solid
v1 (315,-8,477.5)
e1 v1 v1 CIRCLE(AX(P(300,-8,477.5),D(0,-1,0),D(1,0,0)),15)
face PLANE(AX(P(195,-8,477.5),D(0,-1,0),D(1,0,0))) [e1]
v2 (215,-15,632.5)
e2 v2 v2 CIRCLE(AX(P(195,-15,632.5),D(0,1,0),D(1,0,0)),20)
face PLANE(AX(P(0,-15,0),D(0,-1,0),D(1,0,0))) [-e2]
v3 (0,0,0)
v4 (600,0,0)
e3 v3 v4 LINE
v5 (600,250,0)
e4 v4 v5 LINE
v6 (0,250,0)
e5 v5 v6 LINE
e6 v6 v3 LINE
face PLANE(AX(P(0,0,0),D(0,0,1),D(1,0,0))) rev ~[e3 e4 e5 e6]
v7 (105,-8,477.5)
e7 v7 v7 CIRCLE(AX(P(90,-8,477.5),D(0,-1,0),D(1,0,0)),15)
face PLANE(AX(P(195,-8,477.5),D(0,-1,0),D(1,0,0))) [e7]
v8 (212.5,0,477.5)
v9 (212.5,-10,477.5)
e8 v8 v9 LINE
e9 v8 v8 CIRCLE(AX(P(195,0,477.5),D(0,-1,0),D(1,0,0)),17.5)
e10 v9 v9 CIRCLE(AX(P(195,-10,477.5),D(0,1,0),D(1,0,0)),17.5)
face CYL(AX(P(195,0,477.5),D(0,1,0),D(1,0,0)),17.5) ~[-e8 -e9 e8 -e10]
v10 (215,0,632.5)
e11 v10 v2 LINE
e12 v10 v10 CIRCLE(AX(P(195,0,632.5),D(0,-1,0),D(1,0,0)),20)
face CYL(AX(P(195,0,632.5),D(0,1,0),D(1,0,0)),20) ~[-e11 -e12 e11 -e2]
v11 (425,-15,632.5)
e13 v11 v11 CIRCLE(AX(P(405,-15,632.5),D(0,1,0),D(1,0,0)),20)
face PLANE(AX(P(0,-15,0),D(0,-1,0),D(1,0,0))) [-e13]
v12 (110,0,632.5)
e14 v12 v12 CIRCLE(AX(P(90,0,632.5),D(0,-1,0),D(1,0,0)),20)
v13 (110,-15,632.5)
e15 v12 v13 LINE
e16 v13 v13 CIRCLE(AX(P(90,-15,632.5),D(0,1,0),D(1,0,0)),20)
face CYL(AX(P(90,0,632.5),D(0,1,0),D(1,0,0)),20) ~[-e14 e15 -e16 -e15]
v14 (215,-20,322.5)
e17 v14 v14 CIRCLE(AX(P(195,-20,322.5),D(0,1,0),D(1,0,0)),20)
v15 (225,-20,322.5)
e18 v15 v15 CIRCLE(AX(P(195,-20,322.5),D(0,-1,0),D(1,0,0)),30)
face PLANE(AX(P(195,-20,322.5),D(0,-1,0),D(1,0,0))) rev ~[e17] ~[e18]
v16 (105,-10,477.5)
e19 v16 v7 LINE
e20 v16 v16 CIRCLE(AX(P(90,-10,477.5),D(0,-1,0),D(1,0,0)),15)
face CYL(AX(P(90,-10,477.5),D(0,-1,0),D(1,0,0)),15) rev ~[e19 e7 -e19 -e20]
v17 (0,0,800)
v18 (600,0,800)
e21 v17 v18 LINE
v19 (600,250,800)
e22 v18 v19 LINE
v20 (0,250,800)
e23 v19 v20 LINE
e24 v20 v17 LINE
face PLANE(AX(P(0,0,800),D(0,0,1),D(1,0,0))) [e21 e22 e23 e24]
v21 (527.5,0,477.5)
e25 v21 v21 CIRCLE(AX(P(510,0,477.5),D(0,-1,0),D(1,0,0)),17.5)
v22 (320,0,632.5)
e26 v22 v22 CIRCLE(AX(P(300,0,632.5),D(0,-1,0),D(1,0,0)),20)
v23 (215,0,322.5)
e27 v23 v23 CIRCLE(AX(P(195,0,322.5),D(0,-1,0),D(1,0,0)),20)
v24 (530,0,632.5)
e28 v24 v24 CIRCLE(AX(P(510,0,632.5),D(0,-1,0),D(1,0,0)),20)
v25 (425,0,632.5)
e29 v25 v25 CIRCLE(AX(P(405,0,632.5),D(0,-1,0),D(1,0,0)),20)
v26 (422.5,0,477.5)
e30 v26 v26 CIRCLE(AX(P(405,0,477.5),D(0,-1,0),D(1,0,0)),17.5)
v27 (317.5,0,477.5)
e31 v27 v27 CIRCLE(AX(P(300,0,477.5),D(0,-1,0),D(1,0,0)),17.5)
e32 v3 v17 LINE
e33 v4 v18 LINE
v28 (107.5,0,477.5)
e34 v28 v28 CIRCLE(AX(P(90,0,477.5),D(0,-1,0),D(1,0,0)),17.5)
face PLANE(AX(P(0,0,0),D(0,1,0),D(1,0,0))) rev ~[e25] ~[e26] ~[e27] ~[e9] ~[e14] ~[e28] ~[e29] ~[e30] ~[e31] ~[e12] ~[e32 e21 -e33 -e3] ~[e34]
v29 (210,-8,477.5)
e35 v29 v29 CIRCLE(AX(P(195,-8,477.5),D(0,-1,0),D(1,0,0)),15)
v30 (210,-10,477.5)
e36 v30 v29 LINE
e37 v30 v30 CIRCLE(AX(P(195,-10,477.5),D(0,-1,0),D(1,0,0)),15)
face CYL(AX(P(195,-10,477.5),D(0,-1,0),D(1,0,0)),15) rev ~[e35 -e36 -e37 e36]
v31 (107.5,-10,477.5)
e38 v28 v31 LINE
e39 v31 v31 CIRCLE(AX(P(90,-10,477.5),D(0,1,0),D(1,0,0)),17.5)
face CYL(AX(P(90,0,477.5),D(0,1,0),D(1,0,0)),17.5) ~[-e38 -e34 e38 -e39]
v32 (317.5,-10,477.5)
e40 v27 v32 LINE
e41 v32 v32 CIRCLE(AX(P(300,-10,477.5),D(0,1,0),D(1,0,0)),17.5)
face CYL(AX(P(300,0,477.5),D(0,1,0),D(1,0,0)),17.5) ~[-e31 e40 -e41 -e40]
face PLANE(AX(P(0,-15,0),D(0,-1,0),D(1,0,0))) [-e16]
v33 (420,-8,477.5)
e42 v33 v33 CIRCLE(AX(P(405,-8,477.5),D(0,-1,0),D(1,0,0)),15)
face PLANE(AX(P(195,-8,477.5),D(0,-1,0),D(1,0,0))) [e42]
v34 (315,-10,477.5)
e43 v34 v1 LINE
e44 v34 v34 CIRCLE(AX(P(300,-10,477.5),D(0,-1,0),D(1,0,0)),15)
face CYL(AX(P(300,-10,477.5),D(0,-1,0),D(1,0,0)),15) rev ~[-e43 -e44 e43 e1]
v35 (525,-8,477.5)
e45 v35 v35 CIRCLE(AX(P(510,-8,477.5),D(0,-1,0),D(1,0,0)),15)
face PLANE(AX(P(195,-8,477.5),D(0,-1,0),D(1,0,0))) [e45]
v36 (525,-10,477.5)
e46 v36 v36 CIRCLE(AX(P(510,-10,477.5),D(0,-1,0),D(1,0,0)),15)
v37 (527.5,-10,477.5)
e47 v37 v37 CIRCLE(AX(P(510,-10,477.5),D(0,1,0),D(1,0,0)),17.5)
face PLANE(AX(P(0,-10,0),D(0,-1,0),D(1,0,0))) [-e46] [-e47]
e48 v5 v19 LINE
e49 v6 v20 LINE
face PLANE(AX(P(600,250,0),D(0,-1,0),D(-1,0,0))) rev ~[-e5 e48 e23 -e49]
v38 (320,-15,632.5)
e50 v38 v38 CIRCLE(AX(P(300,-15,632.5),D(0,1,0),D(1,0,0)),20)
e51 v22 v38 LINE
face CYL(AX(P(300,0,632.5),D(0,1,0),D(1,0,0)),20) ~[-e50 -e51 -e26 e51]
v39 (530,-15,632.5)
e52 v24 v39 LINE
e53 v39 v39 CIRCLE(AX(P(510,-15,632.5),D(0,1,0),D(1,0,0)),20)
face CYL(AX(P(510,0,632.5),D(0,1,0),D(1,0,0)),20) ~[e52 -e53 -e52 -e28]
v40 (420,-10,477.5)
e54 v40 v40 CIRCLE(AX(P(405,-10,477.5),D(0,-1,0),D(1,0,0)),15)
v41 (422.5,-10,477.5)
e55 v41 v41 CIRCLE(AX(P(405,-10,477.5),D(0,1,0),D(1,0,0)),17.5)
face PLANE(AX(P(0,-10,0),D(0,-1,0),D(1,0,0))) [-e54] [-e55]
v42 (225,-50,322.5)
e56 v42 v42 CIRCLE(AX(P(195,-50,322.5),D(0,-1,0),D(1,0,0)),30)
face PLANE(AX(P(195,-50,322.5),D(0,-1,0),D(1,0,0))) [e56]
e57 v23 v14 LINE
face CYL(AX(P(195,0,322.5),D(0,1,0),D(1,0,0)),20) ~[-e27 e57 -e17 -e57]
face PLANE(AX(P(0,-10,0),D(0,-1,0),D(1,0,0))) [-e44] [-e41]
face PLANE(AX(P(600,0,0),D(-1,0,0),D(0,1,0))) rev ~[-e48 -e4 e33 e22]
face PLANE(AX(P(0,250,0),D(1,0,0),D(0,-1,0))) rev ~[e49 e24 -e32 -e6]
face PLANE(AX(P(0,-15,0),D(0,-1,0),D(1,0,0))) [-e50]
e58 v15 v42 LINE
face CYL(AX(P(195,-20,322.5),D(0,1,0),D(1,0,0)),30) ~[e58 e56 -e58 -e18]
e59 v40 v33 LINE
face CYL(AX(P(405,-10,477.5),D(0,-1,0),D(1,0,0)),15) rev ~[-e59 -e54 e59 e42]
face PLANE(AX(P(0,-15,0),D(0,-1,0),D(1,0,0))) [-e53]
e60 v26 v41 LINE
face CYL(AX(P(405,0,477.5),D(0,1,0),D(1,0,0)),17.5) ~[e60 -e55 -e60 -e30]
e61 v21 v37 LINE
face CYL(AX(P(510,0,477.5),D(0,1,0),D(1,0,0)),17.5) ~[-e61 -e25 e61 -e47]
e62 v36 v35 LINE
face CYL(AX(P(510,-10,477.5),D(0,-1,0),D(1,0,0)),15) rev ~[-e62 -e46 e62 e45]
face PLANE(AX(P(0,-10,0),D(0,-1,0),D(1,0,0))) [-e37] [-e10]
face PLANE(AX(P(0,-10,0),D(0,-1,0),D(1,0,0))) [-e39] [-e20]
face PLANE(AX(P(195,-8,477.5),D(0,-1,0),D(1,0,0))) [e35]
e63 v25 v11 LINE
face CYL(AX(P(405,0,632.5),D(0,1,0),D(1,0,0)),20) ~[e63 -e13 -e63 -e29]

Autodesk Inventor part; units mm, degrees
ref_plane "YZ Plane" through (0, 0, 0) normal (1, 0, 0) x (0, 1, 0)
ref_plane "XZ Plane" through (0, 0, 0) normal (0, 1, 0) x (-1, 0, 0)
ref_plane "XY Plane" through (0, 0, 0) normal (0, 0, 1) x (1, 0, 0)
sketch "Sketch1" plane through (0, 0, 0) normal (0, 0, 1) x (1, 0, 0)
  line L0 (0, 0) -> (600, 0)
  line L1 (600, 0) -> (600, 250)
  line L2 (600, 250) -> (0, 250)
  line L3 (0, 250) -> (0, 0)
  dimension "d0" = 600
  dimension "d1" = 250
extrude "Extrusion1" add sketch "Sketch1" along normal blind 800
sketch "Sketch2" plane through (0, 0, 0) normal (0, -1, 0) x (1, 0, 0)
  line L0 (0, 0) -> (600, 0)
  line L1 (600, 0) -> (600, 800)
  line L2 (600, 800) -> (0, 800)
  line L3 (0, 800) -> (0, 0)
  line L4 (90, 710) -> (510, 710)
  line L5 (510, 710) -> (510, 90)
  line L6 (510, 90) -> (90, 90)
  line L7 (90, 90) -> (90, 710)
  line L8 (300, 710) -> (300, 90)
  line L9 (90, 400) -> (510, 400)
  line L10 (90, 710) -> (90, 400)
  line L11 (90, 400) -> (90, 90)
  line L12 (90, 555) -> (510, 555)
  line L13 (90, 245) -> (510, 245)
  line L14 (90, 710) -> (300, 710)
  line L15 (300, 710) -> (300, 555)
  line L16 (300, 555) -> (90, 555)
  line L17 (90, 555) -> (90, 710)
  line L18 (300, 555) -> (510, 555)
  line L19 (510, 555) -> (510, 710)
  line L20 (510, 710) -> (300, 710)
  line L21 (300, 710) -> (300, 555)
  line L22 (90, 555) -> (300, 555)
  line L23 (300, 555) -> (300, 400)
  line L24 (300, 400) -> (90, 400)
  line L25 (90, 400) -> (90, 555)
  line L26 (300, 400) -> (510, 400)
  line L27 (510, 400) -> (510, 555)
  line L28 (510, 555) -> (300, 555)
  line L29 (300, 555) -> (300, 400)
  line L30 (510, 400) -> (300, 400)
  line L31 (300, 400) -> (300, 245)
  line L32 (300, 245) -> (510, 245)
  line L33 (510, 245) -> (510, 400)
  line L34 (90, 400) -> (300, 400)
  line L35 (300, 400) -> (300, 245)
  line L36 (300, 245) -> (90, 245)
  line L37 (90, 245) -> (90, 400)
  line L38 (90, 90) -> (300, 90)
  line L39 (300, 90) -> (300, 245)
  line L40 (300, 245) -> (90, 245)
  line L41 (90, 245) -> (90, 90)
  line L42 (300, 245) -> (510, 245)
  line L43 (510, 245) -> (510, 90)
  line L44 (510, 90) -> (300, 90)
  line L45 (300, 90) -> (300, 245)
  line L46 (90, 632.5) -> (510, 632.5)
  line L47 (90, 477.5) -> (510, 477.5)
  line L48 (90, 322.5) -> (510, 322.5)
  line L49 (90, 167.5) -> (510, 167.5)
  line L50 (195, 710) -> (195, 90)
  line L51 (405, 710) -> (405, 90)
  circle A0 centre (195, 632.5) radius 20
  circle A1 centre (300, 632.5) radius 20
  circle A2 centre (405, 632.5) radius 20
  circle A3 centre (90, 632.5) radius 20
  circle A4 centre (510, 632.5) radius 20
  circle A5 centre (90, 477.5) radius 17.5
  circle A6 centre (195, 477.5) radius 17.5
  circle A7 centre (300, 477.5) radius 17.5
  circle A8 centre (405, 477.5) radius 17.5
  circle A9 centre (510, 477.5) radius 17.5
  circle A10 centre (195, 322.5) radius 20
  dimension "d4" = 90
  dimension "d5" = 40
  dimension "d6" = 40
  dimension "d7" = 40
  dimension "d8" = 40
  dimension "d9" = 40
  dimension "d10" = 35
  dimension "d11" = 35
  dimension "d12" = 35
  dimension "d13" = 35
  dimension "d14" = 35
  dimension "d15" = 40
extrude "Extrusion2" add sketch "Sketch2" along normal blind 15 contours A3 L46 L7 | L7 A3 | A0 L46 L50 | L50 L46 A0 | L46 A3 L7 | A1 L46 L8 | L8 L46 A1 | L50 A0 L46 | L46 A0 L50 | A2 L46 L51 | L51 L46 A2 | L46 A1 L8 | L8 A1 L46 | A4 L5 | L5 L46 A4 | L51 A2 L46 | L46 A2 L51 | L5 A4 L46
extrude "Extrusion3" add sketch "Sketch2" along normal blind 10 contours A5 L47 L7 | L7 A5 | L47 A5 L7 | A6 L47 L50 | L50 L47 A6 | L47 L50 A6 | A7 L47 L8 | L8 L47 A7 | L47 A6 L50 | L47 A7 L8 | L8 A7 L47 | A8 L47 L51 | L51 L47 A8 | L47 L51 A8 | A9 L5 | L5 L47 A9 | L47 A8 L51 | L5 A9 L47
extrude "Extrusion4" add sketch "Sketch2" along normal blind 20 contours A10 L50 L48 | L48 L50 A10 | A10 L48 L50 | L48 A10 L50
sketch "Sketch3" plane through (195, -10, 477.5) normal (0, -1, 0) x (1, 0, 0)
  circle A0 centre (-105, 0) radius 17.5 projected
  circle A1 centre (-105, 0) radius 15
  circle A2 centre (0, 0) radius 17.5 projected
  circle A3 centre (0, 0) radius 15
  circle A4 centre (105, 0) radius 17.5 projected
  circle A5 centre (105, 0) radius 15
  circle A6 centre (210, 0) radius 17.5 projected
  circle A7 centre (210, 0) radius 15
  circle A8 centre (315, 0) radius 17.5 projected
  circle A9 centre (315, 0) radius 15
  point P0 (-195, -477.5)
  dimension "d22" = 30
  dimension "d23" = 30
  dimension "d24" = 30
  dimension "d25" = 30
  dimension "d26" = 30
extrude "Extrusion5" cut sketch "Sketch3" against normal blind 2 contours A1 | A3 | A5 | A7 | A9
sketch "Sketch4" plane through (195, -20, 322.5) normal (0, -1, 0) x (1, 0, 0)
  circle A0 centre (0, 0) radius 30
  point P0 (-195, -322.5)
  dimension "d29" = 60
extrude "Extrusion6" add sketch "Sketch4" along normal blind 30
properties part number "ControlPanel"
